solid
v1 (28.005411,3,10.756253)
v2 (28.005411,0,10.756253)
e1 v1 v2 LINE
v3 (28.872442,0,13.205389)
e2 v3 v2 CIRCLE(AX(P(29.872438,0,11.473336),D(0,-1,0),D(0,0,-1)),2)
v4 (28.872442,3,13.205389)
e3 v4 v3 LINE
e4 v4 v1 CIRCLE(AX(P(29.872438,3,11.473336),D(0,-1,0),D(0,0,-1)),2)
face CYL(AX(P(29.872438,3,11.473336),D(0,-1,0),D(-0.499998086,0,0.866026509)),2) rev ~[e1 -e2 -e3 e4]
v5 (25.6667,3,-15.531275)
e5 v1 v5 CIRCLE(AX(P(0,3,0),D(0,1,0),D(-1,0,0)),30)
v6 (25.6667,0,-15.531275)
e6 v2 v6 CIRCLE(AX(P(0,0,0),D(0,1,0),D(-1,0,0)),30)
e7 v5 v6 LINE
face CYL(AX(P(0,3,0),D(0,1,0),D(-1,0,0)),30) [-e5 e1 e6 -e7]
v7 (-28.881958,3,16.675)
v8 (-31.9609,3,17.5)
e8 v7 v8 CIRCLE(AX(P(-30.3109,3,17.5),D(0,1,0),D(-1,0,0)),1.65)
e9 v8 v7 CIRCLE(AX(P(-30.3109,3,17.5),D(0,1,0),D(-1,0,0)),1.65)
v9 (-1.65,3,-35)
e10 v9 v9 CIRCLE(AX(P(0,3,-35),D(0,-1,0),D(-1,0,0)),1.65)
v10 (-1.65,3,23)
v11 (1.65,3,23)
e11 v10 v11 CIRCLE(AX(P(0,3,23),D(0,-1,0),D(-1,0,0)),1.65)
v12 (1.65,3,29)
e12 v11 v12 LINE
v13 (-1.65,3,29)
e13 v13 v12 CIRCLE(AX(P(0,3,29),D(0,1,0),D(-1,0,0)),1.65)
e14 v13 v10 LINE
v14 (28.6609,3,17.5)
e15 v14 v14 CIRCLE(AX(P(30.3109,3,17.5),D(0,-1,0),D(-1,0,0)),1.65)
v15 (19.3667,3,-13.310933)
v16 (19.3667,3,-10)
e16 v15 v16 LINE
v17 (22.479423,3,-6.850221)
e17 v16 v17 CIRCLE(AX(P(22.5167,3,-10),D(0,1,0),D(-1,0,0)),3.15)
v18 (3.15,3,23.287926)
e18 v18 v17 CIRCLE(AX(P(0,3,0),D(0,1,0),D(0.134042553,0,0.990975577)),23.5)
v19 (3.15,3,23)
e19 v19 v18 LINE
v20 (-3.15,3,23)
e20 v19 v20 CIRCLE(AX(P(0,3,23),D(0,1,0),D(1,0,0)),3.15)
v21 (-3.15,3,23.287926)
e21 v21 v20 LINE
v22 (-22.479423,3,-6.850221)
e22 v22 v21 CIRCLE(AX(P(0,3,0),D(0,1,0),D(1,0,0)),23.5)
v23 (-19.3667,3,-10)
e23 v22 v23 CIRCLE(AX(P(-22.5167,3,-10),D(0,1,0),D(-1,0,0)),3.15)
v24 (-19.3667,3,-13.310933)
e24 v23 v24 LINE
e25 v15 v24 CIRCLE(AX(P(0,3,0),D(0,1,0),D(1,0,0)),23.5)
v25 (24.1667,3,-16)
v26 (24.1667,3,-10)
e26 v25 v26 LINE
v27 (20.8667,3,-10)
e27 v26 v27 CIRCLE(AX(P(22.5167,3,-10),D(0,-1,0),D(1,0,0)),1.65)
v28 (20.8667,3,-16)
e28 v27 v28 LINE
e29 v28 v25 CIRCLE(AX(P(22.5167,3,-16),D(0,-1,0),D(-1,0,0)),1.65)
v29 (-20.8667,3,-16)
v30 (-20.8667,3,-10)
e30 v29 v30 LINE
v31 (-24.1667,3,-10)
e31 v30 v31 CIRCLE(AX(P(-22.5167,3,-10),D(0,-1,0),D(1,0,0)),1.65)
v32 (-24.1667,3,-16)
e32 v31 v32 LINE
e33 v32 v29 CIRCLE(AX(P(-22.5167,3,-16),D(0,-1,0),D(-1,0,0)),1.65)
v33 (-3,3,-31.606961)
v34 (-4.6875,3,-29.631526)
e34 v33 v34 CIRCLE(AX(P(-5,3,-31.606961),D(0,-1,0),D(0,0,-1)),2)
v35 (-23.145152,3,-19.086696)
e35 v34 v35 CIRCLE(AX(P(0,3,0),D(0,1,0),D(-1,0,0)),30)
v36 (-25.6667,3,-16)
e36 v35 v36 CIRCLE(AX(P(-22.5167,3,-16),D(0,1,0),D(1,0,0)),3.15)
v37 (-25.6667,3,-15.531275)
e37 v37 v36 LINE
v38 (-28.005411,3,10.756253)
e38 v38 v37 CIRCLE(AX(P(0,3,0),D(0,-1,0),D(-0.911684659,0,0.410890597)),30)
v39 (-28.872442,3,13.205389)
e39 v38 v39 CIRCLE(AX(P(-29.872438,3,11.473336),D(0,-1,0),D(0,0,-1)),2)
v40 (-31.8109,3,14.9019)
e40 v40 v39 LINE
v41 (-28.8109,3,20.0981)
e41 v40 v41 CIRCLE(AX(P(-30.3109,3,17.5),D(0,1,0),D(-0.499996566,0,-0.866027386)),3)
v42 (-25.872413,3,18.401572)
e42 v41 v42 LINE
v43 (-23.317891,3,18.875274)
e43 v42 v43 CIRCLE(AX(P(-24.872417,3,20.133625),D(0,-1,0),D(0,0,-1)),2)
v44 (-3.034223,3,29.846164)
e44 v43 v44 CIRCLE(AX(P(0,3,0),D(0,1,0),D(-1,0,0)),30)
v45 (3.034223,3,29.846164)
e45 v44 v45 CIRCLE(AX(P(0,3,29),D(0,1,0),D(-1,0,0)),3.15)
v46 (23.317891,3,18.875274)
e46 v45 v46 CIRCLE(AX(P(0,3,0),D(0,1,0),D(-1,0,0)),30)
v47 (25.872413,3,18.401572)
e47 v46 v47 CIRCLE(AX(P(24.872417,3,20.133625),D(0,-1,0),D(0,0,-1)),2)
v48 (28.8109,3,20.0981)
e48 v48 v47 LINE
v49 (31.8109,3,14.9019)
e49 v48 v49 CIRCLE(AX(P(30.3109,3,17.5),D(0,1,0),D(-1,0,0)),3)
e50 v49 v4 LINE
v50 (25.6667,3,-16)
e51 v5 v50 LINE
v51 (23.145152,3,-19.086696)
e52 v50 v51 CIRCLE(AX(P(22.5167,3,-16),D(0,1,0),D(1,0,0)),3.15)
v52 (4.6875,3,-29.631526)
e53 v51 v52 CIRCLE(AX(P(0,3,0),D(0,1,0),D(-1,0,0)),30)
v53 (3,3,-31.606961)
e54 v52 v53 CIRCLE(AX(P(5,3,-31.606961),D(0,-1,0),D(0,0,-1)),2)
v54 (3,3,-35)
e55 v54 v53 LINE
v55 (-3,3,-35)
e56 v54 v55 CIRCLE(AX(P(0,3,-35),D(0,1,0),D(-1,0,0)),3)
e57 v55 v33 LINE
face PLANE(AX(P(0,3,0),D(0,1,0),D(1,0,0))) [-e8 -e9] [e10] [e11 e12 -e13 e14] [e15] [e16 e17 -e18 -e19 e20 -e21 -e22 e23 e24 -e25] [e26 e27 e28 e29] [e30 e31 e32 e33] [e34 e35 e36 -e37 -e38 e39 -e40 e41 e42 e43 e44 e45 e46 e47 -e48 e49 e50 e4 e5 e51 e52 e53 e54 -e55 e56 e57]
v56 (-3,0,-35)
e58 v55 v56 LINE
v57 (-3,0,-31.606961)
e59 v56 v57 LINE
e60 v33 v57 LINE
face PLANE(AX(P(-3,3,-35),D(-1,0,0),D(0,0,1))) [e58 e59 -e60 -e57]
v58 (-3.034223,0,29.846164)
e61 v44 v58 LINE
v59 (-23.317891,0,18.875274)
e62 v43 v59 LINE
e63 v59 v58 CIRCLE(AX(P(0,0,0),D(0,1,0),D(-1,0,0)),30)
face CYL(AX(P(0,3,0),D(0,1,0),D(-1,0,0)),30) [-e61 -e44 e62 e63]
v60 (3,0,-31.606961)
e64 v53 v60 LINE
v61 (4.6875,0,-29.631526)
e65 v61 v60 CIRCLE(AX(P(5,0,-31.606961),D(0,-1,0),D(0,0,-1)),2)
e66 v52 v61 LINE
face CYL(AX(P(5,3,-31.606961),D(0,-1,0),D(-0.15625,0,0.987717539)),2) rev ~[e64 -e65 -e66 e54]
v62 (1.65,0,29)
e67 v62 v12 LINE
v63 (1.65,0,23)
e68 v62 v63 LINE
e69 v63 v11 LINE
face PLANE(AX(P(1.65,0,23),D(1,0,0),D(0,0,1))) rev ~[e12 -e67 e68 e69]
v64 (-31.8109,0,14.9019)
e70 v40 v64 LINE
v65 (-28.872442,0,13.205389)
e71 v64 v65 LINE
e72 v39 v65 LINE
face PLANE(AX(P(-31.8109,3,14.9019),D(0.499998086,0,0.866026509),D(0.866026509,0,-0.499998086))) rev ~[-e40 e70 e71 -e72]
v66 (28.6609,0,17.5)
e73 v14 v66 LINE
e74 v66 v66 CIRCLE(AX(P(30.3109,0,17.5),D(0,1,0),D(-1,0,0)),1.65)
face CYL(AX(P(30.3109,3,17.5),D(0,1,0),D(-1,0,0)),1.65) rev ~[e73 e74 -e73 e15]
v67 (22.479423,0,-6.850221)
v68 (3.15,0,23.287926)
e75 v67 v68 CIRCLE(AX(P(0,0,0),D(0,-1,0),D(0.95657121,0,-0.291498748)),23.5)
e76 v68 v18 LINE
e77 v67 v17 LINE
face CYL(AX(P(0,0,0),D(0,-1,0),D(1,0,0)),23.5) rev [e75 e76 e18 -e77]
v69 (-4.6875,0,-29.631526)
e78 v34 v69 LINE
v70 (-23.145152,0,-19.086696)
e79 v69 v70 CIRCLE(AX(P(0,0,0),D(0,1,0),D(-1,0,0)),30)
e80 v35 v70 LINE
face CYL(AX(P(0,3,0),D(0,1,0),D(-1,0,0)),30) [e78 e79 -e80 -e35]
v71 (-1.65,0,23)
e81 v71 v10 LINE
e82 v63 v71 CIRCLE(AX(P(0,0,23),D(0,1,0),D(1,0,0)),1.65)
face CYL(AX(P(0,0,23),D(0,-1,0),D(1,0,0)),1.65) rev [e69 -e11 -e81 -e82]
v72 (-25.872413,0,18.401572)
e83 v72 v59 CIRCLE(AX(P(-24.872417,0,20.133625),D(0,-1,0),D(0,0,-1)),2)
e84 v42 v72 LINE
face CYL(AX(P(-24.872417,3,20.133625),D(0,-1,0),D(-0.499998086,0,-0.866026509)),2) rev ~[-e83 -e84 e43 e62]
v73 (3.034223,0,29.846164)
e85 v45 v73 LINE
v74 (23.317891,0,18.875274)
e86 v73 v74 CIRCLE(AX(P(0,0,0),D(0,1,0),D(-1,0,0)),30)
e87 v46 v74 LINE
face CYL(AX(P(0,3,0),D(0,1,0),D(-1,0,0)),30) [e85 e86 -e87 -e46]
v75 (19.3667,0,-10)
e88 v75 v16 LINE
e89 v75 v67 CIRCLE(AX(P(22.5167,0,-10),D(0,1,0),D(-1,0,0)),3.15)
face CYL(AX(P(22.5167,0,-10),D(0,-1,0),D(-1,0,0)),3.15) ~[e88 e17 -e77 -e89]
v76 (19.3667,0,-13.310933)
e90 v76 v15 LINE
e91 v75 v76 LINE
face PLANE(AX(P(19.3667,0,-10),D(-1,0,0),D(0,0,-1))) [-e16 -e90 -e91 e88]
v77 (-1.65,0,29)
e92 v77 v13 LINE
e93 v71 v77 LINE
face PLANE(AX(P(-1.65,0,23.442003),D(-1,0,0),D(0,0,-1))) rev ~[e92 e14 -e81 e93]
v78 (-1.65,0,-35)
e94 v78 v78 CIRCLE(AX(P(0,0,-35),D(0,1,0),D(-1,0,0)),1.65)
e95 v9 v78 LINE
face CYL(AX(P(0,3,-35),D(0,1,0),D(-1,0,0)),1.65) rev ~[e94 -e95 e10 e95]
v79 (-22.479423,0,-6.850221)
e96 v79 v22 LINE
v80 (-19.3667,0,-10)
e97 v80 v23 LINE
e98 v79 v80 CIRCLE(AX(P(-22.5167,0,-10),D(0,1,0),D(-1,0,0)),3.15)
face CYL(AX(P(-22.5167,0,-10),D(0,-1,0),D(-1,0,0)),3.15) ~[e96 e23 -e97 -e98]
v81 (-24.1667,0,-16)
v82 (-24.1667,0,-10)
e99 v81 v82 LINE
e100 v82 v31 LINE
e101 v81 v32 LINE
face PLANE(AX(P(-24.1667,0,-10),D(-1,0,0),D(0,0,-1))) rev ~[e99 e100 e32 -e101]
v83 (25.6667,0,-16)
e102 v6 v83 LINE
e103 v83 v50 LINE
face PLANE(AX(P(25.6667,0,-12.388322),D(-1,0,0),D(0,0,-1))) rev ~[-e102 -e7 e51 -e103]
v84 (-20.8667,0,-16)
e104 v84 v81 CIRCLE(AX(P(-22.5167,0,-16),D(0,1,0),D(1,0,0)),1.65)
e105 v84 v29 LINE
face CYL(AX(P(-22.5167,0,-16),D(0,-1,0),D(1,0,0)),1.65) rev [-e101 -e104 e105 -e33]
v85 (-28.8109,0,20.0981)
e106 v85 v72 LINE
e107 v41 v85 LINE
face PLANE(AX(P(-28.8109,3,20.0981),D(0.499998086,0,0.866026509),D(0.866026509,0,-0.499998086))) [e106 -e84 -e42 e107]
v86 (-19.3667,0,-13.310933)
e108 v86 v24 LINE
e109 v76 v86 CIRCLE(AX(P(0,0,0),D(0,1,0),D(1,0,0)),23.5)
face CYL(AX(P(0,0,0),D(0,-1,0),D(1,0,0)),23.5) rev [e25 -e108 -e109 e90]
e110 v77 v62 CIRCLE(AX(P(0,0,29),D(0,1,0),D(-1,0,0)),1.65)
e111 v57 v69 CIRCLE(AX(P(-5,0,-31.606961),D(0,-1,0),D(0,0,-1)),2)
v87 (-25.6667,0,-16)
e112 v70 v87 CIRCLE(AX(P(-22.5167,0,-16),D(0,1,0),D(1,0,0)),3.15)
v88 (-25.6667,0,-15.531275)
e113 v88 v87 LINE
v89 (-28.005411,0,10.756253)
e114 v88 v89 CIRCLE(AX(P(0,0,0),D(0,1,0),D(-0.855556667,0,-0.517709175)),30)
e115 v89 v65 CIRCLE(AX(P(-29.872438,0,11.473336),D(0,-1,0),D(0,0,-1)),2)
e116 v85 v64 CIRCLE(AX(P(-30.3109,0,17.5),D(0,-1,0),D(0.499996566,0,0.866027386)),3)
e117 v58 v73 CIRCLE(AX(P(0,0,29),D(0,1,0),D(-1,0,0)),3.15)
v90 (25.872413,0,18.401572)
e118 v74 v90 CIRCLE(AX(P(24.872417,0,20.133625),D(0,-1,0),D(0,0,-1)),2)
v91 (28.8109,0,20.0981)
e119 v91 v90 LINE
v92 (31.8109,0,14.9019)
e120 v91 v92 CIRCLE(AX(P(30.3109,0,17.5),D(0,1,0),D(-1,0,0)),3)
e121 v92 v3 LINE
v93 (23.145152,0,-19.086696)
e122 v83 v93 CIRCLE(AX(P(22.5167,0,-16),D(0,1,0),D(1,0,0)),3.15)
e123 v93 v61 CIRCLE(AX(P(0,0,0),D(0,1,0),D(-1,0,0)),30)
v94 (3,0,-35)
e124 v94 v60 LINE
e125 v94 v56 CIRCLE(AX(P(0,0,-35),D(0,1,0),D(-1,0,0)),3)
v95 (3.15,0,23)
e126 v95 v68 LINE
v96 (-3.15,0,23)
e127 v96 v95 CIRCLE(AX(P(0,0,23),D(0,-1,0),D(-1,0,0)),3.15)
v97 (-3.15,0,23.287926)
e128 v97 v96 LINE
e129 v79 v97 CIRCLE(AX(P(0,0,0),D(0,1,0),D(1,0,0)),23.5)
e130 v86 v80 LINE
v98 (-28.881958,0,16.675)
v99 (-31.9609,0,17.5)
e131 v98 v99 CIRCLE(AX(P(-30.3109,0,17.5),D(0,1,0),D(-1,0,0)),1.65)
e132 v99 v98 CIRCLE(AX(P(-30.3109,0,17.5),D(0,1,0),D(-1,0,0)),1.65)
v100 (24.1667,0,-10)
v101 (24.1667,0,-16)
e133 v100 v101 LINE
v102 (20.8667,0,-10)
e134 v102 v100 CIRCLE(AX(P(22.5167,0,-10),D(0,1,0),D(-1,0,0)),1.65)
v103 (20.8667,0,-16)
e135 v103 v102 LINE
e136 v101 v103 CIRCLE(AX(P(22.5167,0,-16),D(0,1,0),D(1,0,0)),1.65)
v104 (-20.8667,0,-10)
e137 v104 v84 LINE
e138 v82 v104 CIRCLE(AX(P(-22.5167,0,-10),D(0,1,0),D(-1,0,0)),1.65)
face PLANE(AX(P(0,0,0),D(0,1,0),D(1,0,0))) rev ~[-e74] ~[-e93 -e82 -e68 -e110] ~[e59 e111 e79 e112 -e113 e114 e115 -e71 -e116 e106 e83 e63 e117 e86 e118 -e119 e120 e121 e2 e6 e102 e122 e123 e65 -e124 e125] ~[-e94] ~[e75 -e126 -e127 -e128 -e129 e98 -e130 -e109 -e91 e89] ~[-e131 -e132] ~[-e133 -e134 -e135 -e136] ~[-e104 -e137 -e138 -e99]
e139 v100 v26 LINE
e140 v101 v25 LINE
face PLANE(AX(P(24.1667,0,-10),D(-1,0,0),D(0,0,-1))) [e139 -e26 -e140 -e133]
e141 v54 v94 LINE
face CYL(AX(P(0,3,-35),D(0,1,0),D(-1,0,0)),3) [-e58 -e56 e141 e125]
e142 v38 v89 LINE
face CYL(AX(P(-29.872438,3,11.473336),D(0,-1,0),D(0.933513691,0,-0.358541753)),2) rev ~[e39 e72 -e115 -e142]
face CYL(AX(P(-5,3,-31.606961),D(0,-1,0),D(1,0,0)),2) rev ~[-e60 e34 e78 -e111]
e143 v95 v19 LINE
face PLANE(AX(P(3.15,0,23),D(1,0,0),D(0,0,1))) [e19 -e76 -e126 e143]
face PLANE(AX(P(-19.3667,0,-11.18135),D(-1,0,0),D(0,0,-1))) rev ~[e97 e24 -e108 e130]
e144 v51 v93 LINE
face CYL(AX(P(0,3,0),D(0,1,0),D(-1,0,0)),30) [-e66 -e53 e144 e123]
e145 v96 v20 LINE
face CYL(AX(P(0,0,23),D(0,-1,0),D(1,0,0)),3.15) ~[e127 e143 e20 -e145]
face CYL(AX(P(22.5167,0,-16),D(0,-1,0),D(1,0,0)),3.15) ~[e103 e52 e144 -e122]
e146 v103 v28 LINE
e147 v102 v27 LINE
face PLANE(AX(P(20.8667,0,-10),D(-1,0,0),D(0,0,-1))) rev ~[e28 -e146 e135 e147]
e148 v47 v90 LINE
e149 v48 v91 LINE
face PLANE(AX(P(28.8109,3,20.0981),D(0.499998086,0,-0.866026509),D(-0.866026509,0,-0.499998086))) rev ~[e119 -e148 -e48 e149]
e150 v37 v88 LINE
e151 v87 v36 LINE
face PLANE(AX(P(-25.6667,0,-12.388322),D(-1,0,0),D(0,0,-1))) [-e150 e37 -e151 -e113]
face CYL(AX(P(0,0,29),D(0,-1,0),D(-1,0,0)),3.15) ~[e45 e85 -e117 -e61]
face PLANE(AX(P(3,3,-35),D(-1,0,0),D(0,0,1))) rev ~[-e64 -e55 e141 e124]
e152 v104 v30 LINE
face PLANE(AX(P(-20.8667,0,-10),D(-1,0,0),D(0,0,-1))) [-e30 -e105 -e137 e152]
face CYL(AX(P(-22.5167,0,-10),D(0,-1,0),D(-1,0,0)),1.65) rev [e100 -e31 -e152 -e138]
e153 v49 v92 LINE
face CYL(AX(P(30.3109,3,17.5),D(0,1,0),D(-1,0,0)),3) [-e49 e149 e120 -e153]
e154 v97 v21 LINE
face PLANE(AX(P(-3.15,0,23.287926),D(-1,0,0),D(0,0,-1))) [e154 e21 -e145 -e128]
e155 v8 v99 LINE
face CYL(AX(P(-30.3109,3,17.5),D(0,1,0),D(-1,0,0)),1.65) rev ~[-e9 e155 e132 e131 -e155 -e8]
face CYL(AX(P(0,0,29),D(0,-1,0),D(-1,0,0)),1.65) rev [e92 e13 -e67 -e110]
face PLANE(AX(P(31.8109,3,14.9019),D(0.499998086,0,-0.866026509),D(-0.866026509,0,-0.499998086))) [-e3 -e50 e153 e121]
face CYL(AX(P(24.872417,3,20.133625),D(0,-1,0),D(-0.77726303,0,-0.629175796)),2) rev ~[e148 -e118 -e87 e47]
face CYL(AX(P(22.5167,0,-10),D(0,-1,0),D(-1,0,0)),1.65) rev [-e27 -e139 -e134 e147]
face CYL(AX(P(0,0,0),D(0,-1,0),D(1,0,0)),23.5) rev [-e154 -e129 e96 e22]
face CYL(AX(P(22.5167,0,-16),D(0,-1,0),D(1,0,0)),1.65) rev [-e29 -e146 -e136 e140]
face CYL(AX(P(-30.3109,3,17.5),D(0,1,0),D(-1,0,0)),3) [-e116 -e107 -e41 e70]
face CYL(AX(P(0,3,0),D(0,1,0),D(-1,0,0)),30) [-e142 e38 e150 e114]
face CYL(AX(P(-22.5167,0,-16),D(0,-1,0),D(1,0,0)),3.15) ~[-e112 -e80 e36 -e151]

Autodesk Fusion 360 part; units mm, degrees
sketch "Sketch1" plane through (0, 0, 0) normal (0, 1, 0) x (1, 0, 0)
  circle A0 centre (0, 0) radius 26
  line L0 (0, 0) -> (22.5167, 13)
  line L1 (0, 0) -> (26, 0) construction
  line L2 (0, 0) -> (-22.5167, 13)
  line L3 (0, 0) -> (26, 0) construction
  line L4 (0, 0) -> (0, -26)
  circle A1 centre (0, 0) radius 23.5
  circle A2 centre (0, 0) radius 28.5
  line L5 (-22.5167, 13) -> (-22.5167, 16)
  line L6 (-22.5167, 13) -> (-22.5167, 10)
  line L7 (-24.1667, 10) -> (-24.1667, 16)
  line L8 (-20.8667, 10) -> (-20.8667, 16)
  line L9 (0, -26) -> (0, -23)
  line L10 (0, -26) -> (0, -29)
  line L11 (0, -26) -> (0, -23)
  line L12 (0, -29) -> (-1.65, -29)
  line L13 (-1.65, -29) -> (-1.65, -23)
  line L14 (1.65, -23) -> (1.65, -29)
  line L15 (24.1667, 10) -> (24.1667, 16)
  line L16 (20.8667, 10) -> (20.8667, 16)
  arc A3 (-1.65, -29) -> (1.65, -29) centre (0, -29) ccw
  arc A4 (1.65, -23) -> (-1.65, -23) centre (0, -23) ccw
  arc A5 (20.8667, 10) -> (24.1667, 10) centre (22.5167, 10) ccw
  arc A6 (24.1667, 16) -> (20.8667, 16) centre (22.5167, 16) ccw
  arc A7 (-24.1667, 10) -> (-20.8667, 10) centre (-22.5167, 10) ccw
  arc A8 (-20.8667, 16) -> (-24.1667, 16) centre (-22.5167, 16) ccw
  line L17 (-25.6667, 10) -> (-25.6667, 16)
  arc A9 (-19.3667, 16) -> (-25.6667, 16) centre (-22.5167, 16) ccw
  line L18 (-19.3667, 10) -> (-19.3667, 16)
  arc A10 (-25.6667, 10) -> (-19.3667, 10) centre (-22.5167, 10) ccw
  line L19 (-3.15, -29) -> (-3.15, -23)
  arc A11 (3.15, -23) -> (-3.15, -23) centre (0, -23) ccw
  line L20 (3.15, -23) -> (3.15, -29)
  arc A12 (-3.15, -29) -> (3.15, -29) centre (0, -29) ccw
  line L21 (19.3667, 10) -> (19.3667, 16)
  arc A13 (25.6667, 16) -> (19.3667, 16) centre (22.5167, 16) ccw
  line L22 (25.6667, 10) -> (25.6667, 16)
  arc A14 (19.3667, 10) -> (25.6667, 10) centre (22.5167, 10) ccw
  dimension "d1" = 52
  dimension "d2" = 30
  dimension "d3" = 150
  dimension "d7" = 47
  dimension "d8" = 57
  dimension "d9" = 3
  dimension "d11" = 3.3
  dimension "d12" = 3
  dimension "d13" = 3
  dimension "d14" = 3.3
  dimension "d15" = 3.3
  dimension "d23" = 1.5
  dimension "d24" = 1.5
  dimension "d25" = 1.5
extrude "Extrude2" add sketch "Sketch1" along normal blind 3 contours A0 A1 L20 A14 | A0 A2 L20 L22 A14 | A0 A1 A5 A14 | A0 A2 L15 A5 L22 A14 | A0 A2 L14 L20 | A0 A1 L14 L20 | L0 A1 L16 A5 L21 A14 | L4 A1 L14 A4 A11 L20 | A2 L13 L14 A3 L19 L20 A12 | A2 L15 A6 A13 L22 | A0 L0 A1 L16 L21 A13 | A0 A2 L16 A6 A13 | L0 A1 L16 | L0 A1 L21 | A0 A2 L13 L19 | A0 A1 L13 L19 | L4 A1 L13 A4 L19 A11 | A0 A1 A9 L18 L21 A13 | A0 A2 A9 A13 | A0 A2 L17 A10 L19 | A0 A1 A10 L19 | A0 L2 A1 L8 A9 L18 | A0 A2 L8 A8 A9 | L2 A1 L8 A7 L18 A10 | L2 A1 L18 | A2 L7 A8 L17 A9 | A0 A2 L7 A7 L17 A10 | A0 A1 A7 A10 | L2 A1 L8
sketch "Sketch2" plane through (0, 3, 0) normal (0, 1, 0) x (-1, 0, 0)
  arc A0 (-20.8667, -10) -> (-24.1667, -10) centre (-22.5167, -10) ccw
  line L0 (-20.8667, -10) -> (-20.8667, -16)
  arc A1 (-24.1667, -16) -> (-20.8667, -16) centre (-22.5167, -16) ccw
  line L1 (-24.1667, -16) -> (-24.1667, -10)
  arc A2 (24.1667, -10) -> (20.8667, -10) centre (22.5167, -10) ccw
  line L2 (24.1667, -10) -> (24.1667, -16)
  arc A3 (20.8667, -16) -> (24.1667, -16) centre (22.5167, -16) ccw
  line L3 (20.8667, -16) -> (20.8667, -10)
  arc A4 (1.65, 29) -> (-1.65, 29) centre (0, 29) ccw
  line L4 (1.65, 29) -> (1.65, 23)
  arc A5 (-1.65, 23) -> (1.65, 23) centre (0, 23) ccw
  line L5 (-1.65, 23) -> (-1.65, 29)
  arc A6 (-19.3667, -13.311) -> (19.3667, -13.311) centre (0, 0) ccw
  line L6 (-19.3667, -13.311) -> (-19.3667, -10)
  arc A7 (-19.3667, -10) -> (-22.4794, -6.8502) centre (-22.5167, -10) ccw
  arc A8 (-3.15, 23.2879) -> (-22.4794, -6.8502) centre (0, 0) ccw
  line L7 (-3.15, 23.2879) -> (-3.15, 23)
  arc A9 (-3.15, 23) -> (3.15, 23) centre (0, 23) ccw
  line L8 (3.15, 23) -> (3.15, 23.2879)
  arc A10 (22.4794, -6.8502) -> (3.15, 23.2879) centre (0, 0) ccw
  arc A11 (22.4794, -6.8502) -> (19.3667, -10) centre (22.5167, -10) ccw
  line L9 (19.3667, -10) -> (19.3667, -13.311)
  arc A12 (3.15, 29) -> (-3.15, 29) centre (0, 29) ccw
  line L10 (-3.15, 29) -> (-3.15, 28.3254)
  arc A13 (-3.15, 28.3254) -> (-25.6667, -12.3884) centre (0, 0) ccw
  line L11 (-25.6667, -12.3884) -> (-25.6667, -16)
  arc A14 (-25.6667, -16) -> (-21.3196, -18.9137) centre (-22.5167, -16) ccw
  arc A15 (-21.3196, -18.9137) -> (21.3196, -18.9137) centre (0, 0) ccw
  arc A16 (21.3196, -18.9137) -> (25.6667, -16) centre (22.5167, -16) ccw
  line L12 (25.6667, -16) -> (25.6667, -12.3884)
  arc A17 (25.6667, -12.3884) -> (3.15, 28.3254) centre (0, 0) ccw
  line L13 (3.15, 28.3254) -> (3.15, 29)
  circle A18 centre (0, 0) radius 23.75
  circle A19 centre (0, 0) radius 30
  circle A20 centre (0, 0) radius 25 construction
  circle A21 centre (0, 0) radius 27.5 construction
  line L14 (0, 0) -> (0, -35)
  line L15 (0, 0) -> (-30.3109, 17.5)
  line L16 (0, 0) -> (35, 0) construction
  line L17 (0, 0) -> (30.3109, 17.5)
  line L18 (0, 0) -> (35, 0) construction
  circle A22 centre (30.3109, 17.5) radius 1.65
  circle A23 centre (-30.3109, 17.5) radius 1.65
  circle A24 centre (0, -35) radius 1.65
  circle A25 centre (0, -35) radius 3
  circle A26 centre (30.3109, 17.5) radius 3
  circle A27 centre (-30.3109, 17.5) radius 3
  line L19 (-30.3109, 17.5) -> (-31.8109, 14.9019)
  line L20 (-31.8109, 14.9019) -> (-27.3505, 12.3267)
  line L21 (-30.3109, 17.5) -> (-28.8109, 20.0981)
  line L22 (-28.8109, 20.0981) -> (-24.3505, 17.5229)
  line L23 (31.8109, 14.9019) -> (27.3505, 12.3267)
  line L24 (28.8109, 20.0981) -> (24.3505, 17.5229)
  line L25 (3, -35) -> (3, -29.8496)
  line L26 (0, -35) -> (3, -35)
  line L27 (0, -35) -> (-3, -35)
  line L28 (-3, -35) -> (-3, -29.8496)
  dimension "d28" = 47.5
  dimension "d29" = 60
  dimension "d32" = 50
  dimension "d33" = 55
  dimension "d39" = 35
  dimension "d40" = 150
  dimension "d41" = 35
  dimension "d42" = 35
  dimension "d43" = 30
  dimension "d44" = 3.3
  dimension "d45" = 3.3
  dimension "d46" = 3.3
  dimension "d47" = 6
  dimension "d48" = 6
  dimension "d49" = 6
extrude "Extrude3" add sketch "Sketch2" against normal blind 3 contours A12 L10 A13 A19 L15 | A13 L11 A19 L15 | A14 A15 A19 L14 | A15 A16 A19 L14 | A19 L15 A27 L22 | A19 L15 A27 L20 | A19 L14 A25 L28 | A19 L14 A25 L25 | L15 A23 A27 L19 | L15 A23 A27 L21 | L14 A24 A25 L26 | L14 A24 A25 L27 | L12 A17 A19 L17 | A12 A17 L13 A19 L17 | A23 A27 L19 L21 | A24 A25 L26 L27 | A19 L17 A26 L23 | A19 L17 A26 L24 | A26
fillet "Fillet1" radius 2 6 edges at (-24.3505, 1.5, 17.5229) (-27.3505, 1.5, 12.3267) (-3, 1.5, -29.8496) (3, 1.5, -29.8496) (27.3505, 1.5, 12.3267) (24.3505, 1.5, 17.5229)
equation "d1 = ( 26 * 2 ) * 1 mm"
equation "d8 = 52 mm + 5 mm"
